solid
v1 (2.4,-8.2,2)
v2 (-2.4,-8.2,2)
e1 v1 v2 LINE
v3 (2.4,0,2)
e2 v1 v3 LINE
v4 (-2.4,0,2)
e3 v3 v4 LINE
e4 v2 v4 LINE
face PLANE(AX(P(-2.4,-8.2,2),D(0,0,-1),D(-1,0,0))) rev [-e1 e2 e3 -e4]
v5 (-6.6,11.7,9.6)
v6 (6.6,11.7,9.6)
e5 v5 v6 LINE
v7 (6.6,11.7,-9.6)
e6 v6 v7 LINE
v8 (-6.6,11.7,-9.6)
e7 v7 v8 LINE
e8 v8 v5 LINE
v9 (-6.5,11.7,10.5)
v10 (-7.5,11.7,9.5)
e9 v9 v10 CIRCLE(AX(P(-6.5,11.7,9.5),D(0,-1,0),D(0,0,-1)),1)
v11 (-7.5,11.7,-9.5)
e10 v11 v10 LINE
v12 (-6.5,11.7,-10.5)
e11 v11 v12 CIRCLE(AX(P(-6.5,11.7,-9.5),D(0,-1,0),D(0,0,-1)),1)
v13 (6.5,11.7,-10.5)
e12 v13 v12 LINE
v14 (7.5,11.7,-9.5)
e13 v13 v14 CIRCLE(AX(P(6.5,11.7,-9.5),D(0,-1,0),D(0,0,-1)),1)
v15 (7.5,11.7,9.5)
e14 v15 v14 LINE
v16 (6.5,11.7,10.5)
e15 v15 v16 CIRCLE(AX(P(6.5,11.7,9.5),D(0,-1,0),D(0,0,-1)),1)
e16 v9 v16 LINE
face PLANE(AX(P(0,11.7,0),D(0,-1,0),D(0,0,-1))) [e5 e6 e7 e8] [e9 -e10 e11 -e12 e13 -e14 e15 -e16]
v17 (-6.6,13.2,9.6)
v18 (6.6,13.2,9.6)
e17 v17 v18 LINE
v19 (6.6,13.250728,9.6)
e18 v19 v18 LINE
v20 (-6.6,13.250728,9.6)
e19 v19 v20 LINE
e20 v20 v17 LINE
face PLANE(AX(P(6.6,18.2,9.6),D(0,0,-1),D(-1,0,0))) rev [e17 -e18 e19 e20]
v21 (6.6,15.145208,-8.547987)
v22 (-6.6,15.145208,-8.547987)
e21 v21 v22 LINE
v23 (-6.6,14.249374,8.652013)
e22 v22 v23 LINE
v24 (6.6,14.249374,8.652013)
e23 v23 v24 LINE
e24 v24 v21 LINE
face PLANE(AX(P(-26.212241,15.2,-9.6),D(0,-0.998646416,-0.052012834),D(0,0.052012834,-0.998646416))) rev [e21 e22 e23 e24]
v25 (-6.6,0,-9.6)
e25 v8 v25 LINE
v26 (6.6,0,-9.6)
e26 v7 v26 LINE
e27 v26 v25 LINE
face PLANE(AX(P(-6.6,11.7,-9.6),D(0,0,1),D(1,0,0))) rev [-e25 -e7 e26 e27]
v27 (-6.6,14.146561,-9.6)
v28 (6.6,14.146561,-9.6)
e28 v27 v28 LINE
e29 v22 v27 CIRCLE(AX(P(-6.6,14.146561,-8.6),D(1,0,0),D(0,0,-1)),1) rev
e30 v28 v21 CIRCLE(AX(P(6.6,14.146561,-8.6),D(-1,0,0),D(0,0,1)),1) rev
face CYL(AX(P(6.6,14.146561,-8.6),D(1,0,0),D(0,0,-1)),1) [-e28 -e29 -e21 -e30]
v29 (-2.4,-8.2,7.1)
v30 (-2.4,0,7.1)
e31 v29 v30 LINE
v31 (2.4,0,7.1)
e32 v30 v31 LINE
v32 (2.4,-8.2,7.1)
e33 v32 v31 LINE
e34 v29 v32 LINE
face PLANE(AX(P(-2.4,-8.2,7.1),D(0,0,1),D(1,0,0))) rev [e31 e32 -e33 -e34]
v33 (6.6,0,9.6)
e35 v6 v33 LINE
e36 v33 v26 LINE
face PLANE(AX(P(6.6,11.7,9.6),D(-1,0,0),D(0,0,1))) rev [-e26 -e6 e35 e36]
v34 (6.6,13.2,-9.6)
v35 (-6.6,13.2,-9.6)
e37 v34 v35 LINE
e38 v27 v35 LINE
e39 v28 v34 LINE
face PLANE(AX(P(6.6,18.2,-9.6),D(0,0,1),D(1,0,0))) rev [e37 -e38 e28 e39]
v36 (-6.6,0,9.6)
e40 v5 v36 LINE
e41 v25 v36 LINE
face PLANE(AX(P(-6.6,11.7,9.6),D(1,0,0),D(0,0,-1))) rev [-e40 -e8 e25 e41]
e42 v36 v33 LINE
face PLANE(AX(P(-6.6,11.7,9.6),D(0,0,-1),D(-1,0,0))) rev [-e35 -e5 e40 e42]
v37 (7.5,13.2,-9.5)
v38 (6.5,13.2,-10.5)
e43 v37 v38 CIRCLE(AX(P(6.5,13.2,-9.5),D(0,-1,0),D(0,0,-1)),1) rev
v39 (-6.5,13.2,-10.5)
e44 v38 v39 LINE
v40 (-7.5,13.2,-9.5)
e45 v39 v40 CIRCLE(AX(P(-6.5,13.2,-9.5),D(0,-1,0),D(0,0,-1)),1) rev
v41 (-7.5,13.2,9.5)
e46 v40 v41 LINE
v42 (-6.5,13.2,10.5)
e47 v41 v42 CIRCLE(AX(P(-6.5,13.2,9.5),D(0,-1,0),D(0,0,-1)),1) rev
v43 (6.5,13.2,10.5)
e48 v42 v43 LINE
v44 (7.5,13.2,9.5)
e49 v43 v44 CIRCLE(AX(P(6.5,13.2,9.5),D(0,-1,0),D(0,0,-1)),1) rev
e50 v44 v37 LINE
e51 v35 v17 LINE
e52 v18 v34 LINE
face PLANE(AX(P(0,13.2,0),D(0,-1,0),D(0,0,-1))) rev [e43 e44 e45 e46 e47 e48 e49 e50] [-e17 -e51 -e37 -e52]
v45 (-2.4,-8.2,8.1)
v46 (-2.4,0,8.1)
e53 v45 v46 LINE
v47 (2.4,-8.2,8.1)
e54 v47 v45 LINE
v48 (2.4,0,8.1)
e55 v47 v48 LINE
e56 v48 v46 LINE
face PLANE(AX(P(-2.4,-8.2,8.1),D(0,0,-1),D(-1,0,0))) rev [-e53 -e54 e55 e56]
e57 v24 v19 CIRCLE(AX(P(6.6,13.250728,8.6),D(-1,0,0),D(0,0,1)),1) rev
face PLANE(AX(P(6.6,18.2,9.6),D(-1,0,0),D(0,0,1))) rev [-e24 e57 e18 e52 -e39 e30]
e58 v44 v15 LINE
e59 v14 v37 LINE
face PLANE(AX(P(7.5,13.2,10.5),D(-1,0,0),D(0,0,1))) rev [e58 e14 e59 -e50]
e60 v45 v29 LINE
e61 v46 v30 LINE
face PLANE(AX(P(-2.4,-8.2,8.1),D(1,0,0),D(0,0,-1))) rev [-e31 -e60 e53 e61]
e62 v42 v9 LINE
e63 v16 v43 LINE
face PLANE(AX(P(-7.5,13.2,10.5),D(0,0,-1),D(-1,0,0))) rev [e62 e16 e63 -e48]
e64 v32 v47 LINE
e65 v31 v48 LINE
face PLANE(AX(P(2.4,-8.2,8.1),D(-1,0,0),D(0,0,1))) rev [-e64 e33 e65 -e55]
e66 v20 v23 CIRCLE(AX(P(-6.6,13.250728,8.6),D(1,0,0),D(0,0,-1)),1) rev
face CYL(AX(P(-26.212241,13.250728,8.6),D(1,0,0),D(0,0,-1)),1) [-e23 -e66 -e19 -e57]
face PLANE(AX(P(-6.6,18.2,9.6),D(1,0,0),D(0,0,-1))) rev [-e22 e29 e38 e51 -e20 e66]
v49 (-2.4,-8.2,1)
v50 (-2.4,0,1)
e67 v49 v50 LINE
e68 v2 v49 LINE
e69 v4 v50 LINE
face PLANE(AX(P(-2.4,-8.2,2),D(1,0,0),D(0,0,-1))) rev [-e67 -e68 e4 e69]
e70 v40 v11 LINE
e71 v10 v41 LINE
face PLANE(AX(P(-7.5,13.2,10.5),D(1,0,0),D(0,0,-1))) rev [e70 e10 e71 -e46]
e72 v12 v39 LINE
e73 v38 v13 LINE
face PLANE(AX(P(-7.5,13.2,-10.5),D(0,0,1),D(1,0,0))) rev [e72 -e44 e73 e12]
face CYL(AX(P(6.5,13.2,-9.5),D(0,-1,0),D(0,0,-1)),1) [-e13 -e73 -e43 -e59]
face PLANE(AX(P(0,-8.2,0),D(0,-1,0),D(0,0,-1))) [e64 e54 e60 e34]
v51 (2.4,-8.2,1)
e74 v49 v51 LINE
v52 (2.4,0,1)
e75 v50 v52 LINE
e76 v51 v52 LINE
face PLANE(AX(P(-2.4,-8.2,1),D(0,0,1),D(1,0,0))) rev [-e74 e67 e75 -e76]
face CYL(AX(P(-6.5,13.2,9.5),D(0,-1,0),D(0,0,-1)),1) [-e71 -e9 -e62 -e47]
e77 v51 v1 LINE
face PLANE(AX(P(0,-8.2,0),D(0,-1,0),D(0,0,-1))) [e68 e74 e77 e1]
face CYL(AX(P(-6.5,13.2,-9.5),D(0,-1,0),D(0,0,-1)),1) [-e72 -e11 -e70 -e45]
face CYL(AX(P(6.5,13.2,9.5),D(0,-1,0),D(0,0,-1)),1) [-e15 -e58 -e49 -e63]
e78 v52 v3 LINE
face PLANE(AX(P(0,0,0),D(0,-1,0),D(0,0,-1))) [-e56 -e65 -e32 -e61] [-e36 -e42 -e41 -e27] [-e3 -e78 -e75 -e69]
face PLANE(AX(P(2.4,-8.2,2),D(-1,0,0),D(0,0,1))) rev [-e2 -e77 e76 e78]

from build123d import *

# Parameters (mm, degrees)
SKETCH1_W           = 13.2
SKETCH1_H           = 19.2
BOSS_EXTRUDE1_DEPTH = 11.7
SKETCH2_W           = 15
SKETCH2_H           = 21
BOSS_EXTRUDE2_DEPTH = 1.5
SKETCH3_W           = 13.2
SKETCH3_H           = 19.2
BOSS_EXTRUDE3_DEPTH = 5
CUT_EXTRUDE1_DEPTH  = 13.2
SKETCH5_W           = 4.8
SKETCH5_H           = 1
BOSS_EXTRUDE4_DEPTH = 8.2
FILLET1_R           = 1


with BuildPart() as part:
    # Sketch1 → Boss-Extrude1 (new body)
    with BuildSketch(Plane(origin=(0, 0, 0), x_dir=(1, 0, 0), z_dir=(0, 1, 0))):
        Rectangle(SKETCH1_W, SKETCH1_H)
    extrude(amount=BOSS_EXTRUDE1_DEPTH)

    # Sketch2 → Boss-Extrude2 (add)
    with BuildSketch(Plane(origin=(0, 11.7, 0), x_dir=(1, 0, 0), z_dir=(0, 1, 0))):
        Rectangle(SKETCH2_W, SKETCH2_H)
    extrude(amount=BOSS_EXTRUDE2_DEPTH)

    # Sketch3 → Boss-Extrude3 (add)
    with BuildSketch(Plane(origin=(0, 13.2, 0), x_dir=(1, 0, 0), z_dir=(0, 1, 0))):
        Rectangle(SKETCH3_W, SKETCH3_H)
    extrude(amount=BOSS_EXTRUDE3_DEPTH)

    # Sketch4 → Cut-Extrude1 (cut)
    with BuildSketch(Plane(origin=(6.6, 0, 0), x_dir=(0, 0, -1), z_dir=(1, 0, 0))):
        Polygon((-9.6, 18.2), (-9.6, 15.7), (-9.6, 14.2), (9.6, 15.2), (9.6, 18.2), align=None)
    extrude(amount=-CUT_EXTRUDE1_DEPTH, mode=Mode.SUBTRACT)

    # Sketch5 → Boss-Extrude4 (add)
    with BuildSketch(Plane.XZ):
        with Locations((0, 1.5)):
            Rectangle(SKETCH5_W, SKETCH5_H)
        with Locations((0, 7.6)):
            Rectangle(SKETCH5_W, SKETCH5_H)
    extrude(amount=BOSS_EXTRUDE4_DEPTH)

    # Fillet1
    fillet1_edges = [part.edges().sort_by_distance(p)[0] for p in [
        (7.5, 12.45, 10.5),
        (7.5, 12.45, -10.5),
        (-7.5, 12.45, -10.5),
        (-7.5, 12.45, 10.5),
        (0, 15.2, -9.6),
        (0, 14.2, 9.6),
    ]]
    fillet(fillet1_edges, radius=FILLET1_R)


solid = part.part
